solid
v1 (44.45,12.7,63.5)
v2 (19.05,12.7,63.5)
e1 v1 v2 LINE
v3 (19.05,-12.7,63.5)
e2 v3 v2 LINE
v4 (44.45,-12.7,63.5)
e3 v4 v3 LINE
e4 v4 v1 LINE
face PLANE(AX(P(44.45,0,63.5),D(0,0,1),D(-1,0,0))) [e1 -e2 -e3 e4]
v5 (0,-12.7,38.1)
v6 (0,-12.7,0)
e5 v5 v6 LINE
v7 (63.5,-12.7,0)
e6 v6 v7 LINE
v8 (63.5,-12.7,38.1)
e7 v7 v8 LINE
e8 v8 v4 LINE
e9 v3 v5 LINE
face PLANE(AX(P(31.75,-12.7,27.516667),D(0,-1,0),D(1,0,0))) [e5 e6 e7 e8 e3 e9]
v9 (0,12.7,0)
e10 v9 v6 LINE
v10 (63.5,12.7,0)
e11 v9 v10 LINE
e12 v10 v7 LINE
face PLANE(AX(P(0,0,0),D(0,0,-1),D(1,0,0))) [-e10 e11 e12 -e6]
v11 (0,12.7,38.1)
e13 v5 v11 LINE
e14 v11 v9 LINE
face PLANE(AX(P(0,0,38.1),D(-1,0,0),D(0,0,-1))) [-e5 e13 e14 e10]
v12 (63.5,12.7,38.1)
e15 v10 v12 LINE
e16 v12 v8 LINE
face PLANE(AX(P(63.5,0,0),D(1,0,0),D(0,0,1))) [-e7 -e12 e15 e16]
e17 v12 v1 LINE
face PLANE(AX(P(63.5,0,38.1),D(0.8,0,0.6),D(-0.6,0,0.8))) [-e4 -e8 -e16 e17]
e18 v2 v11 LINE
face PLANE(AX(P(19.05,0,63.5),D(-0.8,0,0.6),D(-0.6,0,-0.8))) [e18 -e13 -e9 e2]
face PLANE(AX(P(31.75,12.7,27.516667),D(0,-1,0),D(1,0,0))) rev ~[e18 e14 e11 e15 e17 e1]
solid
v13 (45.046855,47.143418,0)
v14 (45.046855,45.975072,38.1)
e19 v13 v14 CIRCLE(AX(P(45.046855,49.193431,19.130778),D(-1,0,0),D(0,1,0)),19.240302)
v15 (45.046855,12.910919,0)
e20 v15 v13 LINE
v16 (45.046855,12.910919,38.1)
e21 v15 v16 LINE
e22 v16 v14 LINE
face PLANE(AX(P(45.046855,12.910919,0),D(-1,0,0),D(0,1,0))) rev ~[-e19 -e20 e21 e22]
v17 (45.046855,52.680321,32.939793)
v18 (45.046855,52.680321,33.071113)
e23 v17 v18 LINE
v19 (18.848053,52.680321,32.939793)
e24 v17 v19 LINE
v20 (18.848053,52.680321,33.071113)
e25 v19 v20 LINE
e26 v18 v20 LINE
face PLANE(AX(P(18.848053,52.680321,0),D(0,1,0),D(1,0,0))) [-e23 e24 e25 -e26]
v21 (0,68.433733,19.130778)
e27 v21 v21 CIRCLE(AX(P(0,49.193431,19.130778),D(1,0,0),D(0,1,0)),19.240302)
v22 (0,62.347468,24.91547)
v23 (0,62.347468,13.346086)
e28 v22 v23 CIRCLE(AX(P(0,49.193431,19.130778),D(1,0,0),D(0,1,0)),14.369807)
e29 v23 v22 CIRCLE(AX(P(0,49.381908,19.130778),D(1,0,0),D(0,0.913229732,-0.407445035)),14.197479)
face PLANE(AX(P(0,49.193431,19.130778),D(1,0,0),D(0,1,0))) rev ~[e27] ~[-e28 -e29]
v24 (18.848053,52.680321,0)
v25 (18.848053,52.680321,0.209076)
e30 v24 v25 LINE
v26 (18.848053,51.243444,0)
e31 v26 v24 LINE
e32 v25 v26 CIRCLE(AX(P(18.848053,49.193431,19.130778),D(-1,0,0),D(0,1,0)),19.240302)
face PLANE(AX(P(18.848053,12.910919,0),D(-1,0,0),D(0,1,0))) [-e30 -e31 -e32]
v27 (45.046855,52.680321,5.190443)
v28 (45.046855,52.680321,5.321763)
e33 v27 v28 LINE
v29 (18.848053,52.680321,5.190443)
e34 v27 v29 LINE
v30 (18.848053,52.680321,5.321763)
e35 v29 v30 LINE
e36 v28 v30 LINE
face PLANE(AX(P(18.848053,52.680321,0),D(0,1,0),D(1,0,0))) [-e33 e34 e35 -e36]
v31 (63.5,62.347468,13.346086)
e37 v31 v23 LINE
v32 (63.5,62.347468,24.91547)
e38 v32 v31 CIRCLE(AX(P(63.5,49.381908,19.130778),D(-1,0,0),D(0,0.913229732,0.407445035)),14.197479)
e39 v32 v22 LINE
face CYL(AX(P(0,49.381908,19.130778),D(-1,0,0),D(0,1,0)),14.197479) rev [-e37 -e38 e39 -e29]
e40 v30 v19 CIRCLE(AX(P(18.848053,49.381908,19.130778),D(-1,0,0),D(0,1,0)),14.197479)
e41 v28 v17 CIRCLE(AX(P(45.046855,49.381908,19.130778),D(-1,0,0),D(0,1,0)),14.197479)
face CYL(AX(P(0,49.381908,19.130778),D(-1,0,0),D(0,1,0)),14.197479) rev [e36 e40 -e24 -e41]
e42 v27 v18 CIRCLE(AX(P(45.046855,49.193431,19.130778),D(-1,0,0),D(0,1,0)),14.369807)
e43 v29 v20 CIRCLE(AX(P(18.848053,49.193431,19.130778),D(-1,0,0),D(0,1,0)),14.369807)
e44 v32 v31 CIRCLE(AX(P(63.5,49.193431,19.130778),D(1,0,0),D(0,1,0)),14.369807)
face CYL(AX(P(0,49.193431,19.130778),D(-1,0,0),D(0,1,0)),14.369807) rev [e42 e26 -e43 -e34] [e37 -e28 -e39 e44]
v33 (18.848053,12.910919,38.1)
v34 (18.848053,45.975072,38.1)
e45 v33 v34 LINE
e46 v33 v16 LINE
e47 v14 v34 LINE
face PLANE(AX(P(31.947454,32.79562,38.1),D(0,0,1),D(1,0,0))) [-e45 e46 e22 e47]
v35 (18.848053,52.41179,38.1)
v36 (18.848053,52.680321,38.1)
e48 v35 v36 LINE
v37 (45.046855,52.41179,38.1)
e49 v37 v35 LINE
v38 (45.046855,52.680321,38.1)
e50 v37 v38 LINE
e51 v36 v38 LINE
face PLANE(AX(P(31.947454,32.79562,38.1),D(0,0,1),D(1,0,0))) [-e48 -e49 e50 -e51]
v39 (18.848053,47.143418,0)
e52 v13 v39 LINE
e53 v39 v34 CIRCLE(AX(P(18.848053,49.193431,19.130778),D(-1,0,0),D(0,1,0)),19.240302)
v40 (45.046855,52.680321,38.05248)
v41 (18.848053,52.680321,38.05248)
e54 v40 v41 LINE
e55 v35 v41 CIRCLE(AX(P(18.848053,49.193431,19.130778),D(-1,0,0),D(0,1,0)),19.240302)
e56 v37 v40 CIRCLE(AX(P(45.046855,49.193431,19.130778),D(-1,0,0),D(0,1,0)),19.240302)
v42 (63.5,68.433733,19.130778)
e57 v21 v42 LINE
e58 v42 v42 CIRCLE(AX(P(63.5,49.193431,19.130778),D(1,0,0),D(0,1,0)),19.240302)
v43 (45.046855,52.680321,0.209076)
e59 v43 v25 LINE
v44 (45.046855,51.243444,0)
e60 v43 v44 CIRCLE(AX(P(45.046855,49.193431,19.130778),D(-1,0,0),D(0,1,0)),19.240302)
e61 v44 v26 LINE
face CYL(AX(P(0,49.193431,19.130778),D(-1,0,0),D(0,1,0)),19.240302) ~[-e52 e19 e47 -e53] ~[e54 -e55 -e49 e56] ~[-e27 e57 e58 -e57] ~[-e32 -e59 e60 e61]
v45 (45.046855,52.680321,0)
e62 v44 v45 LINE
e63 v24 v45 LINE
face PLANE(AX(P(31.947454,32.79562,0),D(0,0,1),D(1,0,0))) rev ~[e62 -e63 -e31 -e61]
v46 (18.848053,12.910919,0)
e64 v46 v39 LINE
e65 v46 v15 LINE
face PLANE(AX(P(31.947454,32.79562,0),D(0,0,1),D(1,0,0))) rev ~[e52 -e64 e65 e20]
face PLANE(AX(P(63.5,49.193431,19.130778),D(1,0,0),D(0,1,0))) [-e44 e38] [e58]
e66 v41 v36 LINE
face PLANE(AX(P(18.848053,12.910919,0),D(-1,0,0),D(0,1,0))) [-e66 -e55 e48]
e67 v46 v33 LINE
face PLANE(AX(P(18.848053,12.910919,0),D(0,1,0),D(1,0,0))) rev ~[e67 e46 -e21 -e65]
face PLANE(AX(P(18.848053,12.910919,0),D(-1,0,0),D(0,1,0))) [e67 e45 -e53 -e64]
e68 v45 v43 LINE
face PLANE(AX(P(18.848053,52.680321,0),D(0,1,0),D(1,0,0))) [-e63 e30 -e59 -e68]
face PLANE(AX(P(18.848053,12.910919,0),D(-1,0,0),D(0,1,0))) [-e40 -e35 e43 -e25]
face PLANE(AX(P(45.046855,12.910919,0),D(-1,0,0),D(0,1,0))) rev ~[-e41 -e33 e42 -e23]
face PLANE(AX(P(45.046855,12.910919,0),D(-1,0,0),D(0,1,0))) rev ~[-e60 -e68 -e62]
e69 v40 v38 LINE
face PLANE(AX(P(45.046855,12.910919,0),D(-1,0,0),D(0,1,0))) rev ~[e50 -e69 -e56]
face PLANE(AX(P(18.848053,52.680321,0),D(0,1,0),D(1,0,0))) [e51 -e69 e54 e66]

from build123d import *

# Parameters (mm, degrees)
F2_DEPTH = 12.7
F1_R     = 19.240302
F1_R_2   = 14.369807
F3_DEPTH = 63.5
F4_W     = 26.198801
F4_H     = 39.769402
F5_DEPTH = 38.1
F6_R     = 14.197479
F7_DEPTH = 63.501


with BuildPart() as f2:
    # F0 (on Front) → F2 (new body, symmetric)
    with BuildSketch(Plane.XZ):
        Polygon((0, 38.1), (0, 0), (63.5, 0), (63.5, 38.1), (44.45, 63.5), (19.05, 63.5), align=None)
    extrude(amount=F2_DEPTH, both=True)


with BuildPart() as f3:
    # F1 (on Right) → F3 (new body)
    with BuildSketch(Plane.YZ):
        with Locations((49.193431, 19.130778)):
            Circle(F1_R)
        with Locations((49.193431, 19.130778)):
            Circle(F1_R_2, mode=Mode.SUBTRACT)
    extrude(amount=F3_DEPTH)

    # F4 (on Top) → F5 (join)
    with BuildSketch(Plane.XY):
        with Locations((31.947454, 32.79562)):
            Rectangle(F4_W, F4_H)
    extrude(amount=F5_DEPTH)

    # F6 (on Right) → F7 (cut, through all)
    with BuildSketch(Plane.YZ):
        with Locations((49.381908, 19.130778)):
            Circle(F6_R)
    extrude(amount=F7_DEPTH, mode=Mode.SUBTRACT)


solid = Compound([f2.part, f3.part])
